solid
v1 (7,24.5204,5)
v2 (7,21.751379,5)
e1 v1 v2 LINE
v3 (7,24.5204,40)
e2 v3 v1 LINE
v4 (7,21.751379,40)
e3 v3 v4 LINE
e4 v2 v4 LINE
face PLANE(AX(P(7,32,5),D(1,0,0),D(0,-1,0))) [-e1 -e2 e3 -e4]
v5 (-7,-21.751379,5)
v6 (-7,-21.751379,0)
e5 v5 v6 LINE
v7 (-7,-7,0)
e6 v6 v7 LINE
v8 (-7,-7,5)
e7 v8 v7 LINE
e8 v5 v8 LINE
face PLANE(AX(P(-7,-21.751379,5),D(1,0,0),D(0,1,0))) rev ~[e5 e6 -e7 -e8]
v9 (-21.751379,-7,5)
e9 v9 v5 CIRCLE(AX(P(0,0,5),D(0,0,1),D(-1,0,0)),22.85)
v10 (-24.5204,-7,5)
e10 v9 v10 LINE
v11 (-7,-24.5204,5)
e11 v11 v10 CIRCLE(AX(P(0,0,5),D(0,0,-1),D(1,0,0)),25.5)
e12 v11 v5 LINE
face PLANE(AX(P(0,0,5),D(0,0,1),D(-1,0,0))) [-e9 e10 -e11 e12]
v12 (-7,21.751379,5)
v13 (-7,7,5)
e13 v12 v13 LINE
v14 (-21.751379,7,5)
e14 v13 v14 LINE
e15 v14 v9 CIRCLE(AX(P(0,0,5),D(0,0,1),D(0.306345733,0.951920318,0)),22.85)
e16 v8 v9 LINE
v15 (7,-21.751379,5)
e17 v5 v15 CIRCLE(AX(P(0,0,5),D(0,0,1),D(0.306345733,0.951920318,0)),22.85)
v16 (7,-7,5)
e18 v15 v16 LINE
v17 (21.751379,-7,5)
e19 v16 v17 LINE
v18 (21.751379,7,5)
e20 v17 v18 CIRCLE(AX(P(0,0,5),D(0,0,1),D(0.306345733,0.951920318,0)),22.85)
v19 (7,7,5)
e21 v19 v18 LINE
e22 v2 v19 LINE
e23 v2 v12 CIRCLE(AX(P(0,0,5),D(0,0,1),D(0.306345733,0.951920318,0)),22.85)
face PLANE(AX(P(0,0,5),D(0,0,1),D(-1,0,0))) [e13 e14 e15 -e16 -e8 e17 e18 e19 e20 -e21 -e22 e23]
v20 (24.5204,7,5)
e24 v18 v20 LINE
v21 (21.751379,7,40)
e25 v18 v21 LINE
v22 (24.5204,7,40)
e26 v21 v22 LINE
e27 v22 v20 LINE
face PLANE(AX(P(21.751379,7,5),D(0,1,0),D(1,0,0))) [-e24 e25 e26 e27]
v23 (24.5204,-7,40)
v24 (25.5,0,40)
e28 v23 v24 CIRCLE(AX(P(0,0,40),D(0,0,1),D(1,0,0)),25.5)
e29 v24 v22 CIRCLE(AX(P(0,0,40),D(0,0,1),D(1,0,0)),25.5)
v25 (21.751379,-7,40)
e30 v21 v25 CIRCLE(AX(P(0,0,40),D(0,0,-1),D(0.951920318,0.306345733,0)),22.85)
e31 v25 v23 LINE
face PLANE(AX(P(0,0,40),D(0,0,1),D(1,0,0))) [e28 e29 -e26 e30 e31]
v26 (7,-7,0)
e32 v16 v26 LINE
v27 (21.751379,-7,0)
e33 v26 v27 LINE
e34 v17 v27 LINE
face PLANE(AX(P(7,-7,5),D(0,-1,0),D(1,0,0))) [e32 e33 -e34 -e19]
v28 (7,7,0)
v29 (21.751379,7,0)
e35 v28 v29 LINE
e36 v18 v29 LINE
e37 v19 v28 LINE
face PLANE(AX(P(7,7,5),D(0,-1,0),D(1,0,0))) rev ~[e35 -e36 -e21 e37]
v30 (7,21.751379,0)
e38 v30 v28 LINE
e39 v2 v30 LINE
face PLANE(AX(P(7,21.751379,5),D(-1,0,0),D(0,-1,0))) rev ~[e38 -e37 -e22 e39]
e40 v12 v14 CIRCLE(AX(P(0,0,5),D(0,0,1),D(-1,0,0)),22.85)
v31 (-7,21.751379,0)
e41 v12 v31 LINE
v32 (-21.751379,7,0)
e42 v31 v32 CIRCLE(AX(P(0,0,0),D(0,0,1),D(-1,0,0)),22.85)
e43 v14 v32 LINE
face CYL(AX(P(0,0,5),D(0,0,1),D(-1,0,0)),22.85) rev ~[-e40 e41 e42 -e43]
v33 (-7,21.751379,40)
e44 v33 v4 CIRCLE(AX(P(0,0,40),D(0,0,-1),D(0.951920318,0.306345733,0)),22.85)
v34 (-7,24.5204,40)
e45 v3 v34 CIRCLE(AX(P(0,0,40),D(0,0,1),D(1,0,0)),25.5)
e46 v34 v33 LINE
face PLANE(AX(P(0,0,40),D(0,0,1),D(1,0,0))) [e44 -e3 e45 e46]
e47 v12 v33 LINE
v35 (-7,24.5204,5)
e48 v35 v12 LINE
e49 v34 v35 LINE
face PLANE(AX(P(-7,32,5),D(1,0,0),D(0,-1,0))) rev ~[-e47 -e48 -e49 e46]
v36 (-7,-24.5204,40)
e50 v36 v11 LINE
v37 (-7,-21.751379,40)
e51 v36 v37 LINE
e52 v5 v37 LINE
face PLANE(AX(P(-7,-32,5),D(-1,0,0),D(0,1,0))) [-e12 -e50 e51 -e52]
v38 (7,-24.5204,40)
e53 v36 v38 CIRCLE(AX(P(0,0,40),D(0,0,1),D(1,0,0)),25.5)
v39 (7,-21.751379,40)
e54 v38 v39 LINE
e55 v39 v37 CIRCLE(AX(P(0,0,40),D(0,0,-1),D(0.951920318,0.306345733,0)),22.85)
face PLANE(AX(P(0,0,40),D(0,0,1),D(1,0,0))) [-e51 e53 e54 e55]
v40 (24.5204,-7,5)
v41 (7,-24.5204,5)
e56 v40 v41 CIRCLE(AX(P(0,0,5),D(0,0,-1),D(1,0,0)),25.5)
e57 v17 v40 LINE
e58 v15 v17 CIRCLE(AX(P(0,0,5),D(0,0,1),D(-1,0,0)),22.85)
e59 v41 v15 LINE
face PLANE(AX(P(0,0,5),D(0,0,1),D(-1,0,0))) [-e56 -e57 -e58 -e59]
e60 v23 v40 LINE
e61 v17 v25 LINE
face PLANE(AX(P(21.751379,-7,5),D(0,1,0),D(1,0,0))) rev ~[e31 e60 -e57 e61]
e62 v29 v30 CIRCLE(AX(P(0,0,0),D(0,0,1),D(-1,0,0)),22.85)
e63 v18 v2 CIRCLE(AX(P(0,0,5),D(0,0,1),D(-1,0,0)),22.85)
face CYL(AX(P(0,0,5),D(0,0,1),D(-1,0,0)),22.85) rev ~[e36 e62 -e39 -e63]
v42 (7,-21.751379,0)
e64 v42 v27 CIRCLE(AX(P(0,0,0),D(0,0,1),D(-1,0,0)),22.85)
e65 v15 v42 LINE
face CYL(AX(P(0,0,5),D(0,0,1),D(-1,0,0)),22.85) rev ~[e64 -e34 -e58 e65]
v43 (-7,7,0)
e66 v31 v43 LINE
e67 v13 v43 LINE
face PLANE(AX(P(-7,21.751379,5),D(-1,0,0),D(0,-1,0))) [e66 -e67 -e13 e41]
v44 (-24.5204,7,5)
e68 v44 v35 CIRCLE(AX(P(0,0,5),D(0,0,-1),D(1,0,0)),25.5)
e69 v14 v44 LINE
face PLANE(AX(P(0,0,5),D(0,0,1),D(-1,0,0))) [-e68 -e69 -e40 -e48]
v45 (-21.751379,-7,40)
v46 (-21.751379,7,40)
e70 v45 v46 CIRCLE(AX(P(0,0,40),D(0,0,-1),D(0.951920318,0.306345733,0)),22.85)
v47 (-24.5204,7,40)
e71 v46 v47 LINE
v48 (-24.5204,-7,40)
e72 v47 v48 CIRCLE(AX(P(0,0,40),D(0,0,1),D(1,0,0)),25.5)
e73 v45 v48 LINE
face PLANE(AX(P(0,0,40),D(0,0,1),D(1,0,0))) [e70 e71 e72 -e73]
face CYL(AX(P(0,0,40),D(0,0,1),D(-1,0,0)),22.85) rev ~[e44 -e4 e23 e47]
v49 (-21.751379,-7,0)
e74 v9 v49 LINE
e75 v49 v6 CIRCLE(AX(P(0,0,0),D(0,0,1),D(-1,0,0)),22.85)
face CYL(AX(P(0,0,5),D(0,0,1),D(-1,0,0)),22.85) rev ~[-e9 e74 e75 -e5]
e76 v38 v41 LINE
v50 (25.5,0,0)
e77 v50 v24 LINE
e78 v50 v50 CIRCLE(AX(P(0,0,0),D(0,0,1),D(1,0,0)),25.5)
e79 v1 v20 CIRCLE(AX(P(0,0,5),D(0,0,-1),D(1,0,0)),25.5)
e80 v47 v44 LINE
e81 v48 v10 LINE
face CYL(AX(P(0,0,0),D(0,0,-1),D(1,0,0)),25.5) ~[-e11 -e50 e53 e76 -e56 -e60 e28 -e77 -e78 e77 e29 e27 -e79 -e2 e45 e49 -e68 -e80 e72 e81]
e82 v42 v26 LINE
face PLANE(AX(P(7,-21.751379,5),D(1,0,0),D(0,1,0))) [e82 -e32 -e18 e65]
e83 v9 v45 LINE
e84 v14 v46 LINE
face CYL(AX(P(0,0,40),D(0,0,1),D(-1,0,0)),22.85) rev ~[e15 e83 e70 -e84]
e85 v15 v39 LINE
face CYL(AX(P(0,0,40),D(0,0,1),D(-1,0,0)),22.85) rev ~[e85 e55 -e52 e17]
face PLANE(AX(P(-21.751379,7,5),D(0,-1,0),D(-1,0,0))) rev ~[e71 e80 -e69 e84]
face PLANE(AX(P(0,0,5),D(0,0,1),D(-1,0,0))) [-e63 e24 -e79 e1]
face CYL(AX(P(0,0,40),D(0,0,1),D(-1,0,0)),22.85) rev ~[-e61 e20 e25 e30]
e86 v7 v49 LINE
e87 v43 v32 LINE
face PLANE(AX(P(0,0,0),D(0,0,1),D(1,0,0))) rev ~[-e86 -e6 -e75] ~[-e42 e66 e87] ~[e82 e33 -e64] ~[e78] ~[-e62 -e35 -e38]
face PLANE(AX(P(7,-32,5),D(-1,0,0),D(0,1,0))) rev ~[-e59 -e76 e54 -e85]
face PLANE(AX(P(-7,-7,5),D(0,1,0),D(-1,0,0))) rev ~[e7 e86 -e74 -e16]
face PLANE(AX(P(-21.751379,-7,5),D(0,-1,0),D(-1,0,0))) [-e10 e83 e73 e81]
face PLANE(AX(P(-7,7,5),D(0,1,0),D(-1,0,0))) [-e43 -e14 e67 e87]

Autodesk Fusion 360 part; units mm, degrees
sketch "スケッチ1" plane through (0, 0, 0) normal (0, 0, 1) x (1, 0, 0)
  circle A0 centre (0, 0) radius 25.5
  dimension "d1" = 51
extrude "押し出し1" add sketch "スケッチ1" along normal blind 40
sketch "スケッチ2" plane through (0, 0, 40) normal (0, 0, 1) x (-1, 0, 0)
  circle A0 centre (0, 0) radius 25.5
  circle A1 centre (0, 0) radius 22.85
  dimension "d4" = 45.7
extrude "押し出し2" cut sketch "スケッチ2" against normal blind 35 contours A1
sketch "スケッチ3" plane through (0, 0, 5) normal (0, 0, 1) x (-1, 0, 0)
  circle A0 centre (0, 0) radius 22.85
  line L0 (7, -7) -> (32, -7)
  line L1 (32, -7) -> (32, -32)
  line L2 (32, -32) -> (7, -32)
  line L3 (7, -32) -> (7, -7)
  line L4 (7, 7) -> (32, 7)
  line L5 (32, 7) -> (32, 32)
  line L6 (32, 32) -> (7, 32)
  line L7 (7, 32) -> (7, 7)
  line L8 (-7, 7) -> (-32, 7)
  line L9 (-32, 7) -> (-32, 32)
  line L10 (-32, 32) -> (-7, 32)
  line L11 (-7, 32) -> (-7, 7)
  line L12 (-7, -7) -> (-32, -7)
  line L13 (-32, -7) -> (-32, -32)
  line L14 (-32, -32) -> (-7, -32)
  line L15 (-7, -32) -> (-7, -7)
  dimension "d7" = 25
  dimension "d8" = 25
  dimension "d9" = 25
  dimension "d10" = 25
  dimension "d11" = 25
  dimension "d12" = 25
  dimension "d13" = 25
  dimension "d14" = 25
extrude "押し出し3" cut sketch "スケッチ3" along normal blind 35 contours A0 L12 L13 L14 L15
extrude "押し出し4" cut sketch "スケッチ3" along normal blind 35 contours A0 L0 L1 L2 L3
extrude "押し出し5" cut sketch "スケッチ3" along normal blind 35 contours A0 L4 L5 L6 L7 | A0 L8 L9 L10 L11
extrude "押し出し6" cut sketch "スケッチ3" against normal blind 5 contours A0 L4 L7 | A0 L0 L3 | A0 L8 L11 | A0 L12 L15
